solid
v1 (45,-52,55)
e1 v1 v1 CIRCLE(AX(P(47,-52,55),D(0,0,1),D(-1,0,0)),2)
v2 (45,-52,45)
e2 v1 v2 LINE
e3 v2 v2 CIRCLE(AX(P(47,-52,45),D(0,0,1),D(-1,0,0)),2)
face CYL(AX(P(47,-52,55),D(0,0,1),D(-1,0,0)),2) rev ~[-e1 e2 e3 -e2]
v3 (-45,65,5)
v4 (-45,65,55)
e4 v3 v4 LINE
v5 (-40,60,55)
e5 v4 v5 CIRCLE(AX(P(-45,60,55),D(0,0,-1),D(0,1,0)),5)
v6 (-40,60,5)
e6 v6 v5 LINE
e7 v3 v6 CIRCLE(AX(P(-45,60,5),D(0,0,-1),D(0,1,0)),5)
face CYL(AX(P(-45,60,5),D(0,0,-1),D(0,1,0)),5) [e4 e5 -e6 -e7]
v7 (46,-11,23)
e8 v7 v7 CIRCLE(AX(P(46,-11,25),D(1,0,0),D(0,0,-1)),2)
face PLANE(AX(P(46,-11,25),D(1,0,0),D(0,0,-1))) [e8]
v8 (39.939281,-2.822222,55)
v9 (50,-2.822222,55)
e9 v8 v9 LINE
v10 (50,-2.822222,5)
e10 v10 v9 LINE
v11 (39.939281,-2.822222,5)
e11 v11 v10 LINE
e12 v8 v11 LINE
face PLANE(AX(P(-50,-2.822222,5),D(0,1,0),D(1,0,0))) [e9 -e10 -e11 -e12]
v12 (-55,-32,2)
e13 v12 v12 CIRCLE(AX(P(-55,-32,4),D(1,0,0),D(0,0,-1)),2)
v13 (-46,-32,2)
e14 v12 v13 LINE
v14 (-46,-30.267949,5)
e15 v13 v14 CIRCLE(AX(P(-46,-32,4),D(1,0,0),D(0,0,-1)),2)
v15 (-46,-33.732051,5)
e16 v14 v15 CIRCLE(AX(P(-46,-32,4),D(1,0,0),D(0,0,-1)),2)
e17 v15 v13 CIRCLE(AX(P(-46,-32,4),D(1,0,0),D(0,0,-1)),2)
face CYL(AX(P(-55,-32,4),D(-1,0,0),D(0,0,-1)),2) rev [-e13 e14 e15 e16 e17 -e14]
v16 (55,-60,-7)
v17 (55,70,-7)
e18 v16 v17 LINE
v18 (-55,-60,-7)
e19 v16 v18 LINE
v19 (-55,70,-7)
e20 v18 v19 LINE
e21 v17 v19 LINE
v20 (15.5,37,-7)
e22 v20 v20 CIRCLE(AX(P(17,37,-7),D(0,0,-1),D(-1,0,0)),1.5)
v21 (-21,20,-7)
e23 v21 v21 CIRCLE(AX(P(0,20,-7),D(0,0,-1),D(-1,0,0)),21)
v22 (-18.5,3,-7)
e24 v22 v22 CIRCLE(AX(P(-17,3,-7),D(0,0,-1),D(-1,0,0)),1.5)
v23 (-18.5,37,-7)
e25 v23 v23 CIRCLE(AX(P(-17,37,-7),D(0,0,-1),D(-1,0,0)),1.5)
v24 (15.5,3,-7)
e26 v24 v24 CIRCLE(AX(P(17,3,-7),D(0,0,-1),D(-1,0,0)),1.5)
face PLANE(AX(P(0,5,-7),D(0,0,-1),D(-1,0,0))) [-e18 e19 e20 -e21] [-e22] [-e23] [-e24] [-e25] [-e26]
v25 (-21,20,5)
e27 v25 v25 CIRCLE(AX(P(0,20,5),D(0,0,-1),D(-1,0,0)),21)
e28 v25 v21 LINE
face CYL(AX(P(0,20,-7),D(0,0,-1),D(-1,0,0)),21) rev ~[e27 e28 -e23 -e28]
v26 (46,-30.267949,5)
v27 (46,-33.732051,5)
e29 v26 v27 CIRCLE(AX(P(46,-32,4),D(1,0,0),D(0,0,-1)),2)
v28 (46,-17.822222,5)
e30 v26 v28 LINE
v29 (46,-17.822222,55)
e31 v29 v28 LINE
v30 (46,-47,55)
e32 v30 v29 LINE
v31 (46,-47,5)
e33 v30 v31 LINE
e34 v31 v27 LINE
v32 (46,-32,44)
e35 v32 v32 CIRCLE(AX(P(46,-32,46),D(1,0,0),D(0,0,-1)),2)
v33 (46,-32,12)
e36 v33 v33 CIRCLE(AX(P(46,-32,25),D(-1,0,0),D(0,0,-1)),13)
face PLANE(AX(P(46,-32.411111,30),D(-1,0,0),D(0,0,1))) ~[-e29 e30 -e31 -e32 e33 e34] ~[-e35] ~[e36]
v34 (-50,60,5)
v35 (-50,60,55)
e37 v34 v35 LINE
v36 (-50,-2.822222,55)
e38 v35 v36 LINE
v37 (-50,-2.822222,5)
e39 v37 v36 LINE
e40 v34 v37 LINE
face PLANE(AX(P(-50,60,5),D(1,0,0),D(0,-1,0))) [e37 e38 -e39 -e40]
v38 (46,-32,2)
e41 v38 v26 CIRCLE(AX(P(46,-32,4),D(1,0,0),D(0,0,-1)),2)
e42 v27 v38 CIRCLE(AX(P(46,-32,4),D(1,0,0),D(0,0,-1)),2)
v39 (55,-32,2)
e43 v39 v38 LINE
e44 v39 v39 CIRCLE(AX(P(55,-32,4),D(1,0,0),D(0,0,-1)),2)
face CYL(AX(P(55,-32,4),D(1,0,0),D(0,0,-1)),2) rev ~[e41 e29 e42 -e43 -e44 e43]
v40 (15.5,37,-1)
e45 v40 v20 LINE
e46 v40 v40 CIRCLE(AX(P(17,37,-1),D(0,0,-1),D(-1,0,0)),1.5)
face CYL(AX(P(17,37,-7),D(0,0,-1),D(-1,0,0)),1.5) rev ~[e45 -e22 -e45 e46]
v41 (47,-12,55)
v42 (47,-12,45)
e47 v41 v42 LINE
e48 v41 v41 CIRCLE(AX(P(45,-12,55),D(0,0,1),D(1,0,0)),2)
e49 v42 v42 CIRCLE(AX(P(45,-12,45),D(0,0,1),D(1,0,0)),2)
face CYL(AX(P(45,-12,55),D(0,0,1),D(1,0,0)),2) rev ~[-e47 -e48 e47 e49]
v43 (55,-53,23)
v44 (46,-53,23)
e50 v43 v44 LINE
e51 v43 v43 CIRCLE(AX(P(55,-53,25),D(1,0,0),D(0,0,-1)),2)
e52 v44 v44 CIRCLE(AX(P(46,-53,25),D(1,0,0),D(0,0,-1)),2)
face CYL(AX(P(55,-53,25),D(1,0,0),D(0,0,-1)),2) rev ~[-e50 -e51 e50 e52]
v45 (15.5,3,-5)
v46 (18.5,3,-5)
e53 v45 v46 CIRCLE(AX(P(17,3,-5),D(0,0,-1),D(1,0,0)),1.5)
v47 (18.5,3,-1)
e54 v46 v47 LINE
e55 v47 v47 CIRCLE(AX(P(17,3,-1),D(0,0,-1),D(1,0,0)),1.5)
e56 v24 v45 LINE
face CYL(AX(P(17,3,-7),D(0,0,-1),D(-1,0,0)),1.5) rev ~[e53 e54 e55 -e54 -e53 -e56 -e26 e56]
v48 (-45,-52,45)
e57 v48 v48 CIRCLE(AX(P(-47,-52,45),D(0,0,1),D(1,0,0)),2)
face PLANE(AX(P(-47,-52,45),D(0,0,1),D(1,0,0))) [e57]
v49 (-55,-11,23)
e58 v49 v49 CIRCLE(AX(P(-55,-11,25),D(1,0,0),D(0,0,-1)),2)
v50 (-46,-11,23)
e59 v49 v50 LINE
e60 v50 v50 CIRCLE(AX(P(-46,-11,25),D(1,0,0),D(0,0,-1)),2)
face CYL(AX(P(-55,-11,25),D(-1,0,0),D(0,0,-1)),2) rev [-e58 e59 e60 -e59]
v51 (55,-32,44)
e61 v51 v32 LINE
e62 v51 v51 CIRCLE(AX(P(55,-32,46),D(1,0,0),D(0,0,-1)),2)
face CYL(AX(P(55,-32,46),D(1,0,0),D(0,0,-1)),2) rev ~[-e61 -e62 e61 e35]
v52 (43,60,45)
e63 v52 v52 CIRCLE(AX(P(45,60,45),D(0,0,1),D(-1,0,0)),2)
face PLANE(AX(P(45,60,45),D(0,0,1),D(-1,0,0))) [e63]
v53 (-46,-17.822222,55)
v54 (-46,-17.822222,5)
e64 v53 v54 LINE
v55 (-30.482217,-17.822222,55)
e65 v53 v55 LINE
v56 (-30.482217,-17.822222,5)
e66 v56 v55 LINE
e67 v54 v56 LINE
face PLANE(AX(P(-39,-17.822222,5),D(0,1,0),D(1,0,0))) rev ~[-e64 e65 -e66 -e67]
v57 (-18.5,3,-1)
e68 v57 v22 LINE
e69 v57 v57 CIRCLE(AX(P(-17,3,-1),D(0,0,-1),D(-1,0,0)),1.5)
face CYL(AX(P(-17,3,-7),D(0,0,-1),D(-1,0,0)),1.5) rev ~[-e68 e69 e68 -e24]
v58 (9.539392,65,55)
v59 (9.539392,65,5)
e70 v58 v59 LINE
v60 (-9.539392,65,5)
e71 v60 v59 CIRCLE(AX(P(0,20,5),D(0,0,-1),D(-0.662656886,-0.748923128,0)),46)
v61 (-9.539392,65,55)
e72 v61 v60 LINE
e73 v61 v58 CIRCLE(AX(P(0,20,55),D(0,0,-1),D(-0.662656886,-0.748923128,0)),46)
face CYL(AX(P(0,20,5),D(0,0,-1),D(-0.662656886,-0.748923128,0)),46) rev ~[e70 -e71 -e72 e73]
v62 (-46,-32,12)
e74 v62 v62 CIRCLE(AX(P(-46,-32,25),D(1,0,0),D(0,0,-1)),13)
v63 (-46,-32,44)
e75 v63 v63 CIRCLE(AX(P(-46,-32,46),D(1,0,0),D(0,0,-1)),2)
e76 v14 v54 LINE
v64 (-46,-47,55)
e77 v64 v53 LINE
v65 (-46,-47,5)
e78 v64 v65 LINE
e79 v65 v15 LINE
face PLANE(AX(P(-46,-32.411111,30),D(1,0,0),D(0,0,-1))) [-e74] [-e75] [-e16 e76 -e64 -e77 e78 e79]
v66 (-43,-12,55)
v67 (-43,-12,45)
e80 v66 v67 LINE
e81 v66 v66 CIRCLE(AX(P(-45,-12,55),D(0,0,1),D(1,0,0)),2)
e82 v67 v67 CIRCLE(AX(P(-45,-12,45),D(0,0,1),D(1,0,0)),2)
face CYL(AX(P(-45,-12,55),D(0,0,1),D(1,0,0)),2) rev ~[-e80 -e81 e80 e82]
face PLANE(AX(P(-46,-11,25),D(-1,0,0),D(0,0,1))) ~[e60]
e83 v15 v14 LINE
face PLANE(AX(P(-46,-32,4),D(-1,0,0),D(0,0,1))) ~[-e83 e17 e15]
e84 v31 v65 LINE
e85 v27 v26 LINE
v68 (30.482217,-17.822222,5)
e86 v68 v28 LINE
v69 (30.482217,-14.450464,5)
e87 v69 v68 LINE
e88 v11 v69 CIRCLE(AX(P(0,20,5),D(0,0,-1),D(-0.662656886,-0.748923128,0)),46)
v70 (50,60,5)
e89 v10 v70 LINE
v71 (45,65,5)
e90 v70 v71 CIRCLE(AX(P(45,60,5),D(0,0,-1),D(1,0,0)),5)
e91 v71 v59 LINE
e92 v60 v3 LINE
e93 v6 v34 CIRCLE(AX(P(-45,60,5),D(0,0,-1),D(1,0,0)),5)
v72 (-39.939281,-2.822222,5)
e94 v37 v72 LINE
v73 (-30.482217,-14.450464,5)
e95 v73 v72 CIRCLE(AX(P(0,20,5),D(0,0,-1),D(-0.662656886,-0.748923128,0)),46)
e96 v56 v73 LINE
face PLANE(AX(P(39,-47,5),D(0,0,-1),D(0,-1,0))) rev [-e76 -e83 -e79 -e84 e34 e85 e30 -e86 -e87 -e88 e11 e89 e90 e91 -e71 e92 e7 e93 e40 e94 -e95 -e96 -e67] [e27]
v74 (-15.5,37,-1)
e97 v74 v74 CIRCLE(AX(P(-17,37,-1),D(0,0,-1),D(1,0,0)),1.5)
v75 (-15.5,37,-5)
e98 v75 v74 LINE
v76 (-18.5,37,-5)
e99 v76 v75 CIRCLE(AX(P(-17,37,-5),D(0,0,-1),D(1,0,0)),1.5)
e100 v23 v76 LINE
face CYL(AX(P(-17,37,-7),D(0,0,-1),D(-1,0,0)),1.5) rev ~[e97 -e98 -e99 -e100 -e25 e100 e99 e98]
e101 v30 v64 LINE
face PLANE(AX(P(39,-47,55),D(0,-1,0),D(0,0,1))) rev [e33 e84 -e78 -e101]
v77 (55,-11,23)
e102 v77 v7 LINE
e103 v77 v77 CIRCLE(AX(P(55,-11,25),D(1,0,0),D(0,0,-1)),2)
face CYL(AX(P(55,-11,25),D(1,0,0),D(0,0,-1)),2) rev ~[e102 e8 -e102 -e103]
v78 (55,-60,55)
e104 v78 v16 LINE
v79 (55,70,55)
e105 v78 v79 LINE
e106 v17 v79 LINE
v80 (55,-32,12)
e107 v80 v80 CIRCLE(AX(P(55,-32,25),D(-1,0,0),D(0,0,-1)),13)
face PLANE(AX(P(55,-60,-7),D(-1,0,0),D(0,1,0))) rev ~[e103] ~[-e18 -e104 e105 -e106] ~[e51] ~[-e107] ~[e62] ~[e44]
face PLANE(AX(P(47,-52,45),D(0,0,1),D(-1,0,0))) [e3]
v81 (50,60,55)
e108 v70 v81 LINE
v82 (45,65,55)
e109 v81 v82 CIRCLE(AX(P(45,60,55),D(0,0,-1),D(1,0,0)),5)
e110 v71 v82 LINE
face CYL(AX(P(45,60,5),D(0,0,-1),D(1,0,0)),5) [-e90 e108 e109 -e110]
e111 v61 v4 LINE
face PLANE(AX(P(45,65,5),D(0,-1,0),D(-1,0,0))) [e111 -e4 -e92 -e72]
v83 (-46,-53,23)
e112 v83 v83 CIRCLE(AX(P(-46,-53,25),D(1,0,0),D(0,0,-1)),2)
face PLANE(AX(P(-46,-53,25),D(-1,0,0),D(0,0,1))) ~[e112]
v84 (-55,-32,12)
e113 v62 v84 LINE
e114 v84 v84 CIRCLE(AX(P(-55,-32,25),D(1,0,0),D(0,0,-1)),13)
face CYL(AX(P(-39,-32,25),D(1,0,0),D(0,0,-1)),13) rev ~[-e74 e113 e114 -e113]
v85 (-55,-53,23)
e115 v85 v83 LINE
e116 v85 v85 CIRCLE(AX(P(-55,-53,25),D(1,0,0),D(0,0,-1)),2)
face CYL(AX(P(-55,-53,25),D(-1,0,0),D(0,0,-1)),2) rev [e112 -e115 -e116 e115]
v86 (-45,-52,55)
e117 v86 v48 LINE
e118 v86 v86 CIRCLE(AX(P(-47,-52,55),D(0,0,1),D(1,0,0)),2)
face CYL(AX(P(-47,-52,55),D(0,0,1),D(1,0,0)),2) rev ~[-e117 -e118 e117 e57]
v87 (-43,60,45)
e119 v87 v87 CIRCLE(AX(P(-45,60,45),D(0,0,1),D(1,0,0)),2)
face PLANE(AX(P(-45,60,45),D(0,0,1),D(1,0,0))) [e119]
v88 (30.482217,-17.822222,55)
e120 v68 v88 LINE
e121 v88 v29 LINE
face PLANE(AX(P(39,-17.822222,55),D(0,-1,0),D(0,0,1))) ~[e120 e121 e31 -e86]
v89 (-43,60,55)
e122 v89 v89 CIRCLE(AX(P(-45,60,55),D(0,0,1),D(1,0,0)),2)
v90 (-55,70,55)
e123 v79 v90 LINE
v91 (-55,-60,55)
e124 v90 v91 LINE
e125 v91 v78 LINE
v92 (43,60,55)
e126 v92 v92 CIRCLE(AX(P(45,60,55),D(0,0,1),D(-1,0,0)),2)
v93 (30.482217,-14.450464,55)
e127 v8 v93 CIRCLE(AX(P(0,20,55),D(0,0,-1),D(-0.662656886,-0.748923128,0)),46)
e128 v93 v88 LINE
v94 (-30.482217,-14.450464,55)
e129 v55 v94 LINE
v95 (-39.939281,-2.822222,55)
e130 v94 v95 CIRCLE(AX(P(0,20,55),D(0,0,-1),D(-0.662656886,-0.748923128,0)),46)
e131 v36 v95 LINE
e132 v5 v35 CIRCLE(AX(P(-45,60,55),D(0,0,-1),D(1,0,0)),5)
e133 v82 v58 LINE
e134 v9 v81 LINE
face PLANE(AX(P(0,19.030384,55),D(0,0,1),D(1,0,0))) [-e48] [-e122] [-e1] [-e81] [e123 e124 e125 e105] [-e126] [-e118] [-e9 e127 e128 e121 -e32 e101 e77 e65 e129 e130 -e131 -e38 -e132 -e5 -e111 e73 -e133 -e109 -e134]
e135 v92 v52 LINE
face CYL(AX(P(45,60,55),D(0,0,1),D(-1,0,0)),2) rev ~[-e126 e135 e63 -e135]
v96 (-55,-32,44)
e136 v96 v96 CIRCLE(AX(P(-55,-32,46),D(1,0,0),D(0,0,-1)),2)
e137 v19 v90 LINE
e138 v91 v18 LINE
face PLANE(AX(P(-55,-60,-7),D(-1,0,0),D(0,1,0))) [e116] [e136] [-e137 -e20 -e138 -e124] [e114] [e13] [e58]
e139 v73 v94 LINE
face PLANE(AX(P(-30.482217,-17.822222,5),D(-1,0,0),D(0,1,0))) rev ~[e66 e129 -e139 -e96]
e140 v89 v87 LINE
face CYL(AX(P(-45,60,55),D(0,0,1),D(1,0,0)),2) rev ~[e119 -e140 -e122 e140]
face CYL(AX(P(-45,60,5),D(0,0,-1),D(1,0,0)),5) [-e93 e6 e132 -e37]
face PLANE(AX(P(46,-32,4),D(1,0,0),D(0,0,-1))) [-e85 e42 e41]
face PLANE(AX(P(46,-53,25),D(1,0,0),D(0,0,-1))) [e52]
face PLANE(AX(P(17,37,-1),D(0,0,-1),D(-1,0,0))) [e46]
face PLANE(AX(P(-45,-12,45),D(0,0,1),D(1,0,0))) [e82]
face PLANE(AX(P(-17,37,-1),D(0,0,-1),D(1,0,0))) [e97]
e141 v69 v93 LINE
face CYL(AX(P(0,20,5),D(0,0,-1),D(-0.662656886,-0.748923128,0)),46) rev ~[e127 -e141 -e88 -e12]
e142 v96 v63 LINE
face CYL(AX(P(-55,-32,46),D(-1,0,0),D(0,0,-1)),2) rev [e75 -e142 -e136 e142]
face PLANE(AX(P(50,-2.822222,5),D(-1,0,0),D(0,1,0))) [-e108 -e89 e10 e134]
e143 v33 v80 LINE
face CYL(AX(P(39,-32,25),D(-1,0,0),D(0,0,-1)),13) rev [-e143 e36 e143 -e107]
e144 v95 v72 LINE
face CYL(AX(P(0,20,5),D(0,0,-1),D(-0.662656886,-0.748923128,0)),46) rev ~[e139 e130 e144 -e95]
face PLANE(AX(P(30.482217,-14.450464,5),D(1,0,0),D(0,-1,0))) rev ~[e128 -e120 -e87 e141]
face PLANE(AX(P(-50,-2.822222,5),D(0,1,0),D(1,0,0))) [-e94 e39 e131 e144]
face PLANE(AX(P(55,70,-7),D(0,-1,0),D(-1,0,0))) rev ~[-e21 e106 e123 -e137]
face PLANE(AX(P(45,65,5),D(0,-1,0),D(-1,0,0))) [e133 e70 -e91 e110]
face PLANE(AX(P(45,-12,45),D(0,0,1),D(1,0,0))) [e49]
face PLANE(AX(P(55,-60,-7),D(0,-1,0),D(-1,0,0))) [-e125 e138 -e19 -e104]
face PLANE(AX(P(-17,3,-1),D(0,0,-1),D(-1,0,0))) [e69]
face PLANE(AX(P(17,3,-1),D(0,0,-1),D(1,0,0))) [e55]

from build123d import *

# Parameters (mm, degrees)
SKETCH1_W            = 110
SKETCH1_H            = 130
BOSS_EXTRUDE1_DEPTH  = 5
SKETCH10_W           = 110
SKETCH10_H           = 60
BOSS_EXTRUDE4_DEPTH  = 13
SKETCH6_R            = 21
CUT_EXTRUDE2_DEPTH   = 30
BOSS_EXTRUDE8_DEPTH  = 50
SKETCH23_R           = 13
CUT_EXTRUDE5_DEPTH   = 130.464280788
SKETCH26_R           = 2
CUT_EXTRUDE8_DEPTH   = 10
CUT_EXTRUDE23_START  = -50
CUT_EXTRUDE23_DEPTH  = 50
SKETCH37_R           = 1.5
CUT_EXTRUDE25_DEPTH  = 4
BOSS_EXTRUDE10_START = 2
SKETCH39_W           = 110
SKETCH39_H           = 130
SKETCH39_R           = 21
SKETCH39_R_2         = 1.5
BOSS_EXTRUDE10_DEPTH = 2
SKETCH41_W           = 50
SKETCH41_H           = 29.177777778
CUT_EXTRUDE26_DEPTH  = 7
SKETCH43_R           = 2
CUT_EXTRUDE27_DEPTH  = 9


with BuildPart() as part:
    # Sketch1 → Boss-Extrude1 (new, symmetric)
    with BuildSketch(Plane.XY):
        with Locations((0, 5)):
            Rectangle(SKETCH1_W, SKETCH1_H)
    extrude(amount=BOSS_EXTRUDE1_DEPTH, both=True)

    # Sketch10 → Boss-Extrude4 (add)
    with BuildSketch(Plane.XZ.offset(60)):
        with Locations((0, 25)):
            Rectangle(SKETCH10_W, SKETCH10_H)
    extrude(amount=-BOSS_EXTRUDE4_DEPTH)

    # Sketch6 → Cut-Extrude2 (cut)
    with BuildSketch(Plane(origin=(0, 0, -5), x_dir=(-1, 0, 0), z_dir=(0, 0, -1))):
        with Locations((0, 20)):
            Circle(SKETCH6_R)
    extrude(amount=-CUT_EXTRUDE2_DEPTH, mode=Mode.SUBTRACT)

    # Sketch18 → Boss-Extrude8 (add)
    with BuildSketch(Plane.XY.offset(5)):
        with BuildLine():
            Line((-55, -47), (-39, -47))
            Line((-39, -47), (-39, -17.822222222))
            Line((-39, -17.822222222), (-30.482216757, -17.822222222))
            Line((-30.482216757, -17.822222222), (-30.482216757, -14.450463881))
            ThreePointArc((-30.482216757, -14.450463881), (0, 66), (30.482216757, -14.450463881))
            Line((30.482216757, -14.450463881), (30.482216757, -17.822222222))
            Line((30.482216757, -17.822222222), (39, -17.822222222))
            Line((39, -17.822222222), (39, -47))
            Line((39, -47), (55, -47))
            Line((55, -47), (55, 70))
            Line((55, 70), (-55, 70))
            Line((-55, 70), (-55, -47))
        make_face()
    extrude(amount=BOSS_EXTRUDE8_DEPTH)

    # Sketch23 → Cut-Extrude5 (cut, through all)
    with BuildSketch(Plane(origin=(-39, 0, 0), x_dir=(0, 0, -1), z_dir=(1, 0, 0))):
        with Locations((-25, -32)):
            Circle(SKETCH23_R)
    cut_extrude5 = extrude(amount=-CUT_EXTRUDE5_DEPTH, mode=Mode.SUBTRACT)

    # Sketch26 → Cut-Extrude8 (cut)
    with BuildSketch(Plane.XY.offset(55)):
        with Locations((-45, 60)):
            Circle(SKETCH26_R)
        with Locations(Location((45, 60, 0), (0, 0, 180))):
            Circle(SKETCH26_R)
        with Locations((-47, -52)):
            Circle(SKETCH26_R)
        with Locations(Location((47, -52, 0), (0, 0, 180))):
            Circle(SKETCH26_R)
        with Locations((-45, -12)):
            Circle(SKETCH26_R)
        with Locations((45, -12)):
            Circle(SKETCH26_R)
    extrude(amount=-CUT_EXTRUDE8_DEPTH, mode=Mode.SUBTRACT)

    # Sketch31 → Cut-Extrude23 (cut)
    with BuildSketch(Plane.XY.offset(55).offset(CUT_EXTRUDE23_START)):
        with BuildLine():
            Line((-9.539392014, 65), (-45, 65))
            ThreePointArc((-45, 65), (-41.464466094, 63.535533906), (-40, 60))
            ThreePointArc((-40, 60), (-45, 55), (-50, 60))
            Line((-50, 60), (-50, -2.822222222))
            Line((-50, -2.822222222), (-39.939281076, -2.822222222))
            ThreePointArc((-39.939281076, -2.822222222), (-41.976162634, 38.814934773), (-9.539392014, 65))
        make_face()
        with BuildLine():
            Line((9.539392014, 65), (-9.539392014, 65))
            ThreePointArc((-9.539392014, 65), (-41.976162634, 38.814934773), (-39.939281076, -2.822222222))
            Line((-39.939281076, -2.822222222), (39.939281076, -2.822222222))
            ThreePointArc((39.939281076, -2.822222222), (41.976162634, 38.814934773), (9.539392014, 65))
        make_face()
        with BuildLine():
            Line((45, 65), (9.539392014, 65))
            ThreePointArc((9.539392014, 65), (41.976162634, 38.814934773), (39.939281076, -2.822222222))
            Line((39.939281076, -2.822222222), (50, -2.822222222))
            Line((50, -2.822222222), (50, 60))
            ThreePointArc((50, 60), (41.464466094, 56.464466094), (45, 65))
        make_face()
    extrude(amount=CUT_EXTRUDE23_DEPTH, mode=Mode.SUBTRACT)

    # Sketch37 → Cut-Extrude25 (cut)
    with BuildSketch(Plane(origin=(0, 0, -5), x_dir=(-1, 0, 0), z_dir=(0, 0, -1))):
        with Locations((-17, 37)):
            Circle(SKETCH37_R)
        with Locations(Location((17, 37, 0), (0, 0, 180))):
            Circle(SKETCH37_R)
        with Locations(Location((-17, 3, 0), (0, 0, 180))):
            Circle(SKETCH37_R)
        with Locations((17, 3)):
            Circle(SKETCH37_R)
    extrude(amount=-CUT_EXTRUDE25_DEPTH, mode=Mode.SUBTRACT)

    # Sketch39 → Boss-Extrude10 (add)
    with BuildSketch(Plane(origin=(0, 0, -5), x_dir=(-1, 0, 0), z_dir=(0, 0, -1)).offset(BOSS_EXTRUDE10_START)):
        with Locations((0, 5)):
            Rectangle(SKETCH39_W, SKETCH39_H)
        with Locations((0, 20)):
            Circle(SKETCH39_R, mode=Mode.SUBTRACT)
        with Locations((-17, 37)):
            Circle(SKETCH39_R_2, mode=Mode.SUBTRACT)
        with Locations((17, 37)):
            Circle(SKETCH39_R_2, mode=Mode.SUBTRACT)
        with Locations((17, 3)):
            Circle(SKETCH39_R_2, mode=Mode.SUBTRACT)
        with Locations((-17, 3)):
            Circle(SKETCH39_R_2, mode=Mode.SUBTRACT)
    extrude(amount=-BOSS_EXTRUDE10_DEPTH)

    # Sketch41 → Cut-Extrude26 (cut)
    with BuildSketch(Plane(origin=(-39, 0, 0), x_dir=(0, 0, -1), z_dir=(1, 0, 0))):
        with Locations((-30, -32.411111111)):
            Rectangle(SKETCH41_W, SKETCH41_H)
    cut_extrude26 = extrude(amount=-CUT_EXTRUDE26_DEPTH, mode=Mode.SUBTRACT)

    # Mirror1: Cut-Extrude26 across plane
    add(cut_extrude26.mirror(Plane(origin=(0, 0, 0), x_dir=(0, 0, 1), z_dir=(1, 0, 0))), mode=Mode.SUBTRACT)

    # Mirror2: Cut-Extrude5 across plane
    add(cut_extrude5.mirror(Plane(origin=(0, 0, 0), x_dir=(0, 0, 1), z_dir=(1, 0, 0))), mode=Mode.SUBTRACT)

    # Sketch43 → Cut-Extrude27 (cut)
    with BuildSketch(Plane(origin=(55, 0, 0), x_dir=(0, 0, -1), z_dir=(1, 0, 0))):
        with Locations((-25, -11)):
            Circle(SKETCH43_R)
        with Locations((-4, -32)):
            Circle(SKETCH43_R)
        with Locations((-25, -53)):
            Circle(SKETCH43_R)
        with Locations((-46, -32)):
            Circle(SKETCH43_R)
    cut_extrude27 = extrude(amount=-CUT_EXTRUDE27_DEPTH, mode=Mode.SUBTRACT)

    # Mirror3: Cut-Extrude27 across plane
    add(cut_extrude27.mirror(Plane(origin=(0, 0, 0), x_dir=(0, 0, 1), z_dir=(1, 0, 0))), mode=Mode.SUBTRACT)


solid = part.part
